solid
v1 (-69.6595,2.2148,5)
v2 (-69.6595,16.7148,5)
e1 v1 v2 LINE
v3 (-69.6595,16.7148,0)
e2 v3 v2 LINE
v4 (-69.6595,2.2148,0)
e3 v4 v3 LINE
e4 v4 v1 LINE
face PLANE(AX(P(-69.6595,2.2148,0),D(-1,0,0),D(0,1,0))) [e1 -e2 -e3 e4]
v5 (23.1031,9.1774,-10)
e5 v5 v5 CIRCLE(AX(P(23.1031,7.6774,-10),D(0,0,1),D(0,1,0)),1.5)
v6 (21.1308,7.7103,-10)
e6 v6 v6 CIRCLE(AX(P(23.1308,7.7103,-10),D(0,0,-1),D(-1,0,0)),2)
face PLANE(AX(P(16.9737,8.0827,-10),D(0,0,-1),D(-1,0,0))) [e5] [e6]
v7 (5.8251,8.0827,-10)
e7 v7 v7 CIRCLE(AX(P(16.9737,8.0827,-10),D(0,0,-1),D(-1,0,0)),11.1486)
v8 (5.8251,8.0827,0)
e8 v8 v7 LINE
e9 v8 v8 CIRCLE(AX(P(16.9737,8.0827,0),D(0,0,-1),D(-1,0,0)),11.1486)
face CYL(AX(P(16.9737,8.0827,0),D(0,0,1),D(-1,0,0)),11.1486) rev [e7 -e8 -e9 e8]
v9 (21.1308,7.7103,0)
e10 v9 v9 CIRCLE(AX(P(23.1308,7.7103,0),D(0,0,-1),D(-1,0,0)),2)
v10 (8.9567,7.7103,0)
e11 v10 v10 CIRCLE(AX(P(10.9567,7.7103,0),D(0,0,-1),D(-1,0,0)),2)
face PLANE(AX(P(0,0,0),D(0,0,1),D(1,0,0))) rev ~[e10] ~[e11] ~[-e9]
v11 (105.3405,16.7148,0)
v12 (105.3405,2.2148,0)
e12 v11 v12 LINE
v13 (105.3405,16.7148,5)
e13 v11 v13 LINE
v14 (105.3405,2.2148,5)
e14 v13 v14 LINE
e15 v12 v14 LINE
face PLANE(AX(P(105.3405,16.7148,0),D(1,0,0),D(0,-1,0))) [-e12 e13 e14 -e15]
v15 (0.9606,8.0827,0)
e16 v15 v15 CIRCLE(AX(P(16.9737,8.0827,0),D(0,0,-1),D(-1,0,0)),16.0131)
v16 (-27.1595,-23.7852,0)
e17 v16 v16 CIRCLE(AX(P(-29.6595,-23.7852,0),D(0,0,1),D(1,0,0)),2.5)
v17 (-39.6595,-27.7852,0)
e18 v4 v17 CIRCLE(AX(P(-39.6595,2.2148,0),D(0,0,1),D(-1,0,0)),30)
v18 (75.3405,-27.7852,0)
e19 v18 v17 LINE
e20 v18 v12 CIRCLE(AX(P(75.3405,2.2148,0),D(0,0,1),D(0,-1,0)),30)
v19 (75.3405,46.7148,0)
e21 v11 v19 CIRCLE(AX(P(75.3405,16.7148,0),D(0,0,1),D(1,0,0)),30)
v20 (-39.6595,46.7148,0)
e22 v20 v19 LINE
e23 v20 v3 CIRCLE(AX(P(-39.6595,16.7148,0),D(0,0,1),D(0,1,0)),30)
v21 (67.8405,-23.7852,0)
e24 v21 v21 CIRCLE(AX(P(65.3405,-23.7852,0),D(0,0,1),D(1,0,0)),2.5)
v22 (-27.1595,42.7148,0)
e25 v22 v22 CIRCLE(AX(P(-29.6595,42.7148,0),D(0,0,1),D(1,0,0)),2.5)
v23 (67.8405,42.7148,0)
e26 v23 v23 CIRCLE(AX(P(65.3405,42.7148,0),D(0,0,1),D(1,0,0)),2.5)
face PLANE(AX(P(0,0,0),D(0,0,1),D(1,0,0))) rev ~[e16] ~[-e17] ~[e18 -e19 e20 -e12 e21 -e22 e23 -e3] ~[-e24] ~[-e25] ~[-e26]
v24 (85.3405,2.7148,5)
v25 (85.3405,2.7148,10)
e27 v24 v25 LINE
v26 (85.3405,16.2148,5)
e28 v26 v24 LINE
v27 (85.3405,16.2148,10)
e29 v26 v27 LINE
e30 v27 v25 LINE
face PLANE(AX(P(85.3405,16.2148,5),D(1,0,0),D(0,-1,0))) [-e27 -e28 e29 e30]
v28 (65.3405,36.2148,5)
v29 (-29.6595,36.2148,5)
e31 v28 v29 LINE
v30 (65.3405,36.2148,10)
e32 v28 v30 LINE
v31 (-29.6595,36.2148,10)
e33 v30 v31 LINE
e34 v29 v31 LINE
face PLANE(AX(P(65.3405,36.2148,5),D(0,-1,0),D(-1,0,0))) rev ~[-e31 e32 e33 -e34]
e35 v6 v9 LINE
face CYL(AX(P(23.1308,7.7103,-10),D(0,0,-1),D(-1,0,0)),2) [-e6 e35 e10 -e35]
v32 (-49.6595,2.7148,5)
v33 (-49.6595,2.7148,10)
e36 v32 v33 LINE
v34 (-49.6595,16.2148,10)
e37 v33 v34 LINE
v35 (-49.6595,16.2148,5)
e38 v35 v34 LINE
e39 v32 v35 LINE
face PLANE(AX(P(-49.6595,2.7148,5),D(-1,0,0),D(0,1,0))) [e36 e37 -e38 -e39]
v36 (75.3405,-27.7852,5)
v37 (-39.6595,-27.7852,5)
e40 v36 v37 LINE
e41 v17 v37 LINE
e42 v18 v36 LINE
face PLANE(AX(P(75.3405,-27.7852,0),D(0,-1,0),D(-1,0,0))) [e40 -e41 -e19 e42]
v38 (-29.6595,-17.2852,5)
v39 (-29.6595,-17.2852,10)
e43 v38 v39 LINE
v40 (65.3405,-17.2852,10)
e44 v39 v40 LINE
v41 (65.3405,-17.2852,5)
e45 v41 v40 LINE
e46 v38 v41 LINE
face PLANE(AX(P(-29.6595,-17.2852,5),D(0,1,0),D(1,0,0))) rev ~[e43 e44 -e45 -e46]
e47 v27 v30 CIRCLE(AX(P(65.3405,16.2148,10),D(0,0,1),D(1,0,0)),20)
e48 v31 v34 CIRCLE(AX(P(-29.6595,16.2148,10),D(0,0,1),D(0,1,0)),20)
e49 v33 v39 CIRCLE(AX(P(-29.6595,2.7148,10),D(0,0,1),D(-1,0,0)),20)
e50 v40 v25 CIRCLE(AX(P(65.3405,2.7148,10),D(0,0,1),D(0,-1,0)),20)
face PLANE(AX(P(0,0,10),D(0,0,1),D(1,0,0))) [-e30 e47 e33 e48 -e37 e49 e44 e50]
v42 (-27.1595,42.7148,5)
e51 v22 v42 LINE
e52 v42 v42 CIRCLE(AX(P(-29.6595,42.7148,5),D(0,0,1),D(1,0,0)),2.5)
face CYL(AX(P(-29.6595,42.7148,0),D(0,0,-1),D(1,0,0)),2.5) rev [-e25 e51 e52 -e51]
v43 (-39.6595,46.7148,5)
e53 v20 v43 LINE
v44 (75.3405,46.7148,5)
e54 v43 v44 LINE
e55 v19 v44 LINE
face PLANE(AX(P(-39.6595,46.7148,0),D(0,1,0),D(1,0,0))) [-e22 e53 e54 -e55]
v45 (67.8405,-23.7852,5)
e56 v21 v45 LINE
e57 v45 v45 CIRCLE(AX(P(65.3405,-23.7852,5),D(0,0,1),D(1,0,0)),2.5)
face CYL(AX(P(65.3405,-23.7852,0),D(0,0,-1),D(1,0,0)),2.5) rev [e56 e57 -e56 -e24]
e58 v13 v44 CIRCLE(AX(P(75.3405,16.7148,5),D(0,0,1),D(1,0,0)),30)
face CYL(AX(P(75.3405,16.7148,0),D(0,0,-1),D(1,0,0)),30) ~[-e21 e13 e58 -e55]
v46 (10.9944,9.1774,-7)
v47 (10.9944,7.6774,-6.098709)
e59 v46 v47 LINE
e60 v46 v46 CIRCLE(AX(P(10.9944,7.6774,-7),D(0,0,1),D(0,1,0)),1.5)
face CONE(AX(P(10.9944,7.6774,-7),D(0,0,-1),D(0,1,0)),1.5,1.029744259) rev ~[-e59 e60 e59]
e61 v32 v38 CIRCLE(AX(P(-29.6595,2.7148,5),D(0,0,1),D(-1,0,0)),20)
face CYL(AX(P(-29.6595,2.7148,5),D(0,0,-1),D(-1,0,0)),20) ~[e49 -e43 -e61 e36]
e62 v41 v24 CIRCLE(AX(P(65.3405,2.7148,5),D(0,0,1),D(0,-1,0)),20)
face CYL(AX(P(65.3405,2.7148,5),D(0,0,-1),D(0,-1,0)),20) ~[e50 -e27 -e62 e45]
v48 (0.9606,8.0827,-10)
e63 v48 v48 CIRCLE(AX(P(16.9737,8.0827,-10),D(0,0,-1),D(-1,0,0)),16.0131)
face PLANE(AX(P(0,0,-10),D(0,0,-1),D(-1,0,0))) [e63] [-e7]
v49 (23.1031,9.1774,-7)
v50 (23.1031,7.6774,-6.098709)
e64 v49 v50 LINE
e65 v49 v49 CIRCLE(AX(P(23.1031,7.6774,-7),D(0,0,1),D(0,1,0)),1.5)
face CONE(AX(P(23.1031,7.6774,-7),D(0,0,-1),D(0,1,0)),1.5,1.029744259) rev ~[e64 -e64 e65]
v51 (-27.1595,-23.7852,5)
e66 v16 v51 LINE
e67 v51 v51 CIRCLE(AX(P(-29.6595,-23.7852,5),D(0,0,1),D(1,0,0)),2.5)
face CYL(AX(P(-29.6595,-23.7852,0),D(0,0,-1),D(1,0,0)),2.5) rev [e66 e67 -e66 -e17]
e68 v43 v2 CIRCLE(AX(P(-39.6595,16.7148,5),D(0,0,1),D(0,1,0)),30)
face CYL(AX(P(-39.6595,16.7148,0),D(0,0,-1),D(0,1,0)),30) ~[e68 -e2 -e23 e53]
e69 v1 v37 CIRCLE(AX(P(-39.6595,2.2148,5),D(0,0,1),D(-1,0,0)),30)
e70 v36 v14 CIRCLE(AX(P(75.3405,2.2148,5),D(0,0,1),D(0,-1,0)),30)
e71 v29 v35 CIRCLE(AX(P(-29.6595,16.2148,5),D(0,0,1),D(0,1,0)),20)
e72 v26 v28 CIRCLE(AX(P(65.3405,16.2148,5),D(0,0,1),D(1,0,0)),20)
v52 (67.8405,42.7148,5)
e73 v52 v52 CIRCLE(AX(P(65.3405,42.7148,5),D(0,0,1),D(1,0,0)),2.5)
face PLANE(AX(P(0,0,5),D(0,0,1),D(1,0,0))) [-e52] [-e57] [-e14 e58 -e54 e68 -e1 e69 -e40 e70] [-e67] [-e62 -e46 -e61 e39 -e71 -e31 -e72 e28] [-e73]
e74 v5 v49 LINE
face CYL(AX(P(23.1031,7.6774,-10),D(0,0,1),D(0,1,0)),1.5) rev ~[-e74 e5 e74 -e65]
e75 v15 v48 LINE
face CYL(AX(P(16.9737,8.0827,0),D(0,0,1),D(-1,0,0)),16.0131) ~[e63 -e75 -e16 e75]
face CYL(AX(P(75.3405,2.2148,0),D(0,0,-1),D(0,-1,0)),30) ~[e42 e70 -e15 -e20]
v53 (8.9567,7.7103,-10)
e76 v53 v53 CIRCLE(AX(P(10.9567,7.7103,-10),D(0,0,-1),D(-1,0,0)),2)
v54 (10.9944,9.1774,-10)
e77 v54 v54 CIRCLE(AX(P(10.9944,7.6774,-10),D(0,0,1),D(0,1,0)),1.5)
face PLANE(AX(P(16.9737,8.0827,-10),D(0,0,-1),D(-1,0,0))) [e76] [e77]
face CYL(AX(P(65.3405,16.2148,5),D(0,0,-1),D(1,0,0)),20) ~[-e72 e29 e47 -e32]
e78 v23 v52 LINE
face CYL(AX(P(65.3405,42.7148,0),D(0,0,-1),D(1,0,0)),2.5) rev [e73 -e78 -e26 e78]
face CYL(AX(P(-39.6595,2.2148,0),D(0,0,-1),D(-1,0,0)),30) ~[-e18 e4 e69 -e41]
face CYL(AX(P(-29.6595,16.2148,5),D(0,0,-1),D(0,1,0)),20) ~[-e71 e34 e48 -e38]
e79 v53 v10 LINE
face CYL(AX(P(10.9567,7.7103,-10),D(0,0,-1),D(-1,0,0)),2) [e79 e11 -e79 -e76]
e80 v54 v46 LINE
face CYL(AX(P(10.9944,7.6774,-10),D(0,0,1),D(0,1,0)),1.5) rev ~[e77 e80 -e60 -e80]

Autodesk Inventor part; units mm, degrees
ref_plane "YZ Plane" through (0, 0, 0) normal (1, 0, 0) x (0, 1, 0)
ref_plane "XZ Plane" through (0, 0, 0) normal (0, 1, 0) x (-1, 0, 0)
ref_plane "XY Plane" through (0, 0, 0) normal (0, 0, 1) x (1, 0, 0)
sketch "Esboço1" plane through (0, 0, 0) normal (0, 0, 1) x (1, 0, 0)
  line L0 (-29.6595, 42.7148) -> (-29.6595, -23.7852) construction
  line L1 (-29.6595, 42.7148) -> (65.3405, 42.7148) construction
  line L2 (65.3405, 42.7148) -> (65.3405, -23.7852) construction
  line L3 (65.3405, -23.7852) -> (-29.6595, -23.7852) construction
  circle A0 centre (65.3405, 42.7148) radius 2.5
  circle A1 centre (65.3405, -23.7852) radius 2.5
  circle A2 centre (-29.6595, 42.7148) radius 2.5
  circle A3 centre (-29.6595, -23.7852) radius 2.5
  line L4 (65.3405, 42.7148) -> (65.3405, 46.7148) construction
  line L5 (65.3405, 46.7148) -> (-29.6595, 46.7148) construction
  line L6 (-29.6595, 46.7148) -> (-29.6595, 42.7148) construction
  line L7 (65.3405, -23.7852) -> (65.3405, -27.7852) construction
  line L8 (65.3405, -27.7852) -> (-29.6595, -27.7852) construction
  line L9 (-29.6595, -27.7852) -> (-29.6595, -23.7852) construction
  line L10 (17.8405, 42.7148) -> (-37.1595, 42.7148) construction
  line L11 (17.8405, 42.7148) -> (72.8405, 42.7148) construction
  line L12 (17.8405, -23.7852) -> (-47.1595, -23.7852) construction
  line L13 (17.8405, -23.7852) -> (62.8405, -23.7852) construction
  line L14 (-29.6595, 46.7148) -> (-69.6595, 46.7148) construction
  line L15 (65.3405, -27.7852) -> (105.3405, -27.7852) construction
  line L16 (-39.6595, 46.7148) -> (75.3405, 46.7148)
  line L17 (105.3405, 16.7148) -> (105.3405, 2.2148)
  line L18 (75.3405, -27.7852) -> (-39.6595, -27.7852)
  line L19 (-69.6595, 2.2148) -> (-69.6595, 16.7148)
  arc A4 (-39.6595, 46.7148) -> (-69.6595, 16.7148) centre (-39.6595, 16.7148) ccw
  arc A5 (-69.6595, 2.2148) -> (-39.6595, -27.7852) centre (-39.6595, 2.2148) ccw
  arc A6 (105.3405, 16.7148) -> (75.3405, 46.7148) centre (75.3405, 16.7148) ccw
  arc A7 (75.3405, -27.7852) -> (105.3405, 2.2148) centre (75.3405, 2.2148) ccw
  dimension "d16" = 66.5
  dimension "d19" = 5
  dimension "d20" = 4
  dimension "d21" = 4
  dimension "d22" = 55
  dimension "d23" = 55
  dimension "d24" = 40
  dimension "d25" = 40
  dimension "d26" = 30
  dimension "d27" = 30
extrude "Extrusão1" add sketch "Esboço1" along normal blind 5
sketch "Esboço2" plane through (0, 0, 5) normal (0, 0, 1) x (1, 0, 0)
  circle A0 centre (-29.6595, 42.7148) radius 2.5 construction
  line L0 (-29.6595, 40.2148) -> (-29.6595, 36.2148) construction
  circle A1 centre (65.3405, -23.7852) radius 2.5 construction
  line L1 (65.3405, -21.2852) -> (65.3405, -17.2852) construction
  line L2 (-29.6595, 36.2148) -> (-29.6595, 36.2148) construction
  line L3 (65.3405, -17.2852) -> (65.3405, -17.2852) construction
  line L4 (85.3405, 16.2148) -> (85.3405, 2.7148)
  line L5 (-49.6595, 2.7148) -> (-49.6595, 16.2148)
  arc A2 (-29.6595, 36.2148) -> (-49.6595, 16.2148) centre (-29.6595, 16.2148) ccw
  arc A3 (-49.6595, 2.7148) -> (-29.6595, -17.2852) centre (-29.6595, 2.7148) ccw
  arc A4 (85.3405, 16.2148) -> (65.3405, 36.2148) centre (65.3405, 16.2148) ccw
  arc A5 (65.3405, -17.2852) -> (85.3405, 2.7148) centre (65.3405, 2.7148) ccw
  line L6 (65.3405, 36.2148) -> (-29.6595, 36.2148)
  line L7 (-29.6595, -17.2852) -> (65.3405, -17.2852)
  point P0 (0, 0)
  dimension "d34" = 20
extrude "Extrusão2" add sketch "Esboço2" along normal blind 5
sketch "Esboço3" plane through (0, 0, 0) normal (0, 0, -1) x (-1, 0, 0)
  circle A0 centre (-16.9737, 8.0827) radius 16.0131
  circle A1 centre (-16.9737, 8.0827) radius 11.1486
  point P0 (0, 0)
extrude "Extrusão3" add sketch "Esboço3" along normal blind 10
sketch "Esboço4" plane through (16.9737, 8.0827, -10) normal (0, 0, -1) x (-1, 0, 0)
  circle A0 centre (-6.1571, -0.3724) radius 2
  circle A1 centre (6.017, -0.3724) radius 2
  point P0 (16.9737, -8.0827)
  dimension "d39" = 4
sketch "Esboço5" plane through (16.9737, 8.0827, -10) normal (0, 0, -1) x (-1, 0, 0)
  circle A0 centre (-6.1295, -0.4053) radius 1.2064
  circle A1 centre (5.9792, -0.4053) radius 1.3709
  point P0 (16.9737, -8.0827)
extrude "Extrusão4" add sketch "Esboço4" against normal blind 10
hole "Furo1" at (23.1031, 7.6774, -10) at (10.9944, 7.6774, -10) direction (0, 0, 1) diameter 3 depth 3 tip angle 118
sketch "Esboço6" plane through (10.9567, 7.7102, -10) normal (0, 0, -1) x (-1, 0, 0)
  circle A0 centre (0, 0) radius 2 projected
sketch "Esboço7" plane through (23.1307, 7.7102, -10) normal (0, 0, -1) x (-1, 0, 0)
  circle A0 centre (0, 0) radius 2 projected
properties part number "luz de freio"
